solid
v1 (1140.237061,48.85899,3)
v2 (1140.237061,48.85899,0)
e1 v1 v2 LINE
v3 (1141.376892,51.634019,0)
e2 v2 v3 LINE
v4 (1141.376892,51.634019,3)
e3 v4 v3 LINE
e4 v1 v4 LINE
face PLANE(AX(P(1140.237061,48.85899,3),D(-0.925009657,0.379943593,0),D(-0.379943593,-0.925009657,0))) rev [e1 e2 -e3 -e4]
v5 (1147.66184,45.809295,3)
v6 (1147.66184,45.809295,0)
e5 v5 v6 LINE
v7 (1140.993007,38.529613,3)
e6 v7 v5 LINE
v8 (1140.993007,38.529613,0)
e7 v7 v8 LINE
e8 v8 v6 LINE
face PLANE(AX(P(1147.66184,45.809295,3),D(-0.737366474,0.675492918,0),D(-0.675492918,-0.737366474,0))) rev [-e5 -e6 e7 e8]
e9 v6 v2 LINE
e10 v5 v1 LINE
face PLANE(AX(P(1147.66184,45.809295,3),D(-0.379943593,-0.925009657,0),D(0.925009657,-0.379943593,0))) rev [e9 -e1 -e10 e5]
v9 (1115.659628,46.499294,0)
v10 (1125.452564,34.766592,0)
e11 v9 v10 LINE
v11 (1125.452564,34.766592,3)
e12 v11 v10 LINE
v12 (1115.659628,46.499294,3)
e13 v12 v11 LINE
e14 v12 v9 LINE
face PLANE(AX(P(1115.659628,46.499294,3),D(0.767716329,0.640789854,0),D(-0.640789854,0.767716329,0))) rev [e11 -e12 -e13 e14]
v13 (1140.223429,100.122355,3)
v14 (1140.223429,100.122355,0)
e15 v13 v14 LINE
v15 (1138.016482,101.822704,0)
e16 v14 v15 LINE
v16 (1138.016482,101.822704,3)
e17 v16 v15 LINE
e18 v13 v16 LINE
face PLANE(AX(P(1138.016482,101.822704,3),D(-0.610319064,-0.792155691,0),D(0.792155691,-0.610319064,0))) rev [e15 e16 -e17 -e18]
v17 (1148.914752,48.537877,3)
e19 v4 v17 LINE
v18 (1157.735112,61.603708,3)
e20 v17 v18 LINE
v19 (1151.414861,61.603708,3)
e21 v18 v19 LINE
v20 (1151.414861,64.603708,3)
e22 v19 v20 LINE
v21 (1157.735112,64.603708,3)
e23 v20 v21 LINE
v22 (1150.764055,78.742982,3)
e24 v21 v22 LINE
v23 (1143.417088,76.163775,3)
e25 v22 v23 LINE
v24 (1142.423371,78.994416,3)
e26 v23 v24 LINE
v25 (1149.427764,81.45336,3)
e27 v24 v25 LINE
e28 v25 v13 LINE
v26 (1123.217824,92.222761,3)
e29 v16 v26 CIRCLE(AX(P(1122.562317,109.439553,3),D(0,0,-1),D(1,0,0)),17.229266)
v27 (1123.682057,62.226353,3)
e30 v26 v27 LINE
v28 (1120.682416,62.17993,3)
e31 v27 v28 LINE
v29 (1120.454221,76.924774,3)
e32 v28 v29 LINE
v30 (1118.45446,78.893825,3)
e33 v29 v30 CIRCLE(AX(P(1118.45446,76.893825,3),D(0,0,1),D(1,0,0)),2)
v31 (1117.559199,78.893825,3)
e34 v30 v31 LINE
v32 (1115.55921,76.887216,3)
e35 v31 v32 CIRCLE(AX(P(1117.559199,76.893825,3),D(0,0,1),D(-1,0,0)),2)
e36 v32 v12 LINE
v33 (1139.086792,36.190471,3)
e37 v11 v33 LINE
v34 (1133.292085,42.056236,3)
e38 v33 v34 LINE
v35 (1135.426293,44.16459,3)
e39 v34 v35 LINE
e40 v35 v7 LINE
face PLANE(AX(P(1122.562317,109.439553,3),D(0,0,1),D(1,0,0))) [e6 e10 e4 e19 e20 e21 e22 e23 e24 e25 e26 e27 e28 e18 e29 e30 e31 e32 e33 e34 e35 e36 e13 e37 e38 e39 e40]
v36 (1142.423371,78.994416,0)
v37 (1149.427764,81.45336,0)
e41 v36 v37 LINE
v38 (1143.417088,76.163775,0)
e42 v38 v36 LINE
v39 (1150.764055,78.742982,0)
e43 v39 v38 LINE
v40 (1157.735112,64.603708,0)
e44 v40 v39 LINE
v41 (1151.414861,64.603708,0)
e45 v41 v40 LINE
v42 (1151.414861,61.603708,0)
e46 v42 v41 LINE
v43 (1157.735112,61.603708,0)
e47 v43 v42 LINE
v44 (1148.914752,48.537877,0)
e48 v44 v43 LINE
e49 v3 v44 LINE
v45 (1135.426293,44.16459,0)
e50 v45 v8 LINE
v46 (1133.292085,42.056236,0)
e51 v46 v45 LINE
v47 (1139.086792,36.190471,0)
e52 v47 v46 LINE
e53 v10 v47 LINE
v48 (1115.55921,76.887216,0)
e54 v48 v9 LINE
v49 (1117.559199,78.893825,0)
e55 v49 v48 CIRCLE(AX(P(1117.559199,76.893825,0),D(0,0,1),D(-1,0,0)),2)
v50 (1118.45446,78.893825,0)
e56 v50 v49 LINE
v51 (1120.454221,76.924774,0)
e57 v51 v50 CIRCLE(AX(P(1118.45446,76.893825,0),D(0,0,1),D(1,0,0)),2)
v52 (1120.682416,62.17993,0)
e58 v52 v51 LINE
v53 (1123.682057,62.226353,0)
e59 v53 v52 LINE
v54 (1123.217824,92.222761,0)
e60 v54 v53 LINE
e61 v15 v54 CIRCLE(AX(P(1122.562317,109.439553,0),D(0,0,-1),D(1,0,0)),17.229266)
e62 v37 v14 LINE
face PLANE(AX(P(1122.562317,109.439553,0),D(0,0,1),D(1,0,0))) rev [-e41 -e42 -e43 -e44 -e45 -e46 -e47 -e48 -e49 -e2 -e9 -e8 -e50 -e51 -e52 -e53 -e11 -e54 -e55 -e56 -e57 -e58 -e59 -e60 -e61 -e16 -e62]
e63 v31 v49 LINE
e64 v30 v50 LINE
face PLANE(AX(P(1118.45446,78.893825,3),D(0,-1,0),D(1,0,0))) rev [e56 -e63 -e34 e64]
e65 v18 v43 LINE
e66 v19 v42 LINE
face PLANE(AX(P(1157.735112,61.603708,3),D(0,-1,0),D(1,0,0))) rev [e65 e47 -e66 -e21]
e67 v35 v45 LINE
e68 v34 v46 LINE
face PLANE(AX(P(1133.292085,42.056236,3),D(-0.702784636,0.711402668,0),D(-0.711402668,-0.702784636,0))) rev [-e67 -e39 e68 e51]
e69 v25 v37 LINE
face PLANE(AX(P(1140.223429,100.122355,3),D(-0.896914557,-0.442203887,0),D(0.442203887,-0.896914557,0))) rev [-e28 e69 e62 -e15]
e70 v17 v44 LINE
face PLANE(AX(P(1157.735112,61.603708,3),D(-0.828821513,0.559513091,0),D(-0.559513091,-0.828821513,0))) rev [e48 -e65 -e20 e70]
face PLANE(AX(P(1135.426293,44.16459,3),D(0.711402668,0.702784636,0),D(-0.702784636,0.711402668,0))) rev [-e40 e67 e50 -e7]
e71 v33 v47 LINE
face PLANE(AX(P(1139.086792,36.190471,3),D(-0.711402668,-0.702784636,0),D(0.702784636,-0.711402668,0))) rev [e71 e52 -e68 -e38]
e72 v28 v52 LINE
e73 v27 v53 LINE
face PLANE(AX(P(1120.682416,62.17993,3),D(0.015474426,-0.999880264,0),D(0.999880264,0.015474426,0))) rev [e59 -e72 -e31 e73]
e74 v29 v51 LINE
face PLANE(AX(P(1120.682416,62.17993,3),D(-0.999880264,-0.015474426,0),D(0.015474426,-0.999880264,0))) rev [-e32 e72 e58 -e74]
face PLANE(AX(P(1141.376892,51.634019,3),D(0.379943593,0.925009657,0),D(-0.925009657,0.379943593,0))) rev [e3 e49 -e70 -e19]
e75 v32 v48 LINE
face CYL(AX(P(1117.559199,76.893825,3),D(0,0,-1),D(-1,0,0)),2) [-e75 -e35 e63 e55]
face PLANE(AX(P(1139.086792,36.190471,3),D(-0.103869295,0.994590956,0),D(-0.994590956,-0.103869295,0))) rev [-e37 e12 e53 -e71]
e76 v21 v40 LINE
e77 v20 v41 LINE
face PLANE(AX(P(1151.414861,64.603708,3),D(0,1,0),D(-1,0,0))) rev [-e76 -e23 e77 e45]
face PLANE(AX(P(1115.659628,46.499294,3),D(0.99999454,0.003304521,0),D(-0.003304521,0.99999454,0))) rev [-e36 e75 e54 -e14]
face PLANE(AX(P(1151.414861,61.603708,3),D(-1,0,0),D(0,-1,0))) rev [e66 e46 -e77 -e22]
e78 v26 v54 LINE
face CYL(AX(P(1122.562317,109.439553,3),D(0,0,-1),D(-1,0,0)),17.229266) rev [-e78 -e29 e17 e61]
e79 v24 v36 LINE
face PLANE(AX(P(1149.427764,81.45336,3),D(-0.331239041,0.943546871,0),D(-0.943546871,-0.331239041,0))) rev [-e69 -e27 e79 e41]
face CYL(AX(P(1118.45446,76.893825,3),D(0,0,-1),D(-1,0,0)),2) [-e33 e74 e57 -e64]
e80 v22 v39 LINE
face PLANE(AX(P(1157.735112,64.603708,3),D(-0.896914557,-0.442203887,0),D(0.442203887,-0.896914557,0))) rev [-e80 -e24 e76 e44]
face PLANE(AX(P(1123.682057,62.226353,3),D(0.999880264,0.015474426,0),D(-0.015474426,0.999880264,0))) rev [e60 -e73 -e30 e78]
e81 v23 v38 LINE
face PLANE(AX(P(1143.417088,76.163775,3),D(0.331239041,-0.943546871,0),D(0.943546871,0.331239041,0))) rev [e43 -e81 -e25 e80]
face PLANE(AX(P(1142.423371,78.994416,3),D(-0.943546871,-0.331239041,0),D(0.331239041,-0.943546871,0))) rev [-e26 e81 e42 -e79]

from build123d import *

# Parameters (mm, degrees)
BASE_EXTRUDE_DEPTH = 3


with BuildPart() as part:
    # Sketch1 → Base-Extrude (new body)
    with BuildSketch(Plane.XY):
        with BuildLine():
            Line((1123.682056814, 62.226353312), (1123.217824039, 92.222761229))
            ThreePointArc((1123.217824039, 92.222761229), (1131.93888948, 94.9852284), (1138.016482209, 101.822704098))
            Line((1138.016482209, 101.822704098), (1140.223428748, 100.122354582))
            Line((1140.223428748, 100.122354582), (1149.427763829, 81.453359638))
            Line((1149.427763829, 81.453359638), (1142.423370566, 78.994416072))
            Line((1142.423370566, 78.994416072), (1143.41708769, 76.163775459))
            Line((1143.41708769, 76.163775459), (1150.764055432, 78.742982306))
            Line((1150.764055432, 78.742982306), (1157.735111853, 64.603708156))
            Line((1157.735111853, 64.603708156), (1151.41486057, 64.603708156))
            Line((1151.41486057, 64.603708156), (1151.41486057, 61.603708156))
            Line((1151.41486057, 61.603708156), (1157.735111853, 61.603708156))
            Line((1157.735111853, 61.603708156), (1148.914752181, 48.53787652))
            Line((1148.914752181, 48.53787652), (1141.376892152, 51.634018924))
            Line((1141.376892152, 51.634018924), (1140.237061373, 48.858989953))
            Line((1140.237061373, 48.858989953), (1147.661839843, 45.809295294))
            Line((1147.661839843, 45.809295294), (1140.993007118, 38.529613243))
            Line((1140.993007118, 38.529613243), (1135.426293127, 44.164590139))
            Line((1135.426293127, 44.164590139), (1133.292085124, 42.056236232))
            Line((1133.292085124, 42.056236232), (1139.086791645, 36.190471003))
            Line((1139.086791645, 36.190471003), (1125.452564162, 34.76659158))
            Line((1125.452564162, 34.76659158), (1115.659628086, 46.499294412))
            Line((1115.659628086, 46.499294412), (1115.559210016, 76.887215732))
            ThreePointArc((1115.559210016, 76.887215732), (1116.142650811, 78.305699753), (1117.559199096, 78.893824774))
            Line((1117.559199096, 78.893824774), (1118.454460183, 78.893824774))
            ThreePointArc((1118.454460183, 78.893824774), (1119.857689012, 78.318938401), (1120.454220711, 76.924773625))
            Line((1120.454220711, 76.924773625), (1120.682416022, 62.179930034))
            Line((1120.682416022, 62.179930034), (1123.682056814, 62.226353312))
        make_face()
    extrude(amount=BASE_EXTRUDE_DEPTH)


solid = part.part
